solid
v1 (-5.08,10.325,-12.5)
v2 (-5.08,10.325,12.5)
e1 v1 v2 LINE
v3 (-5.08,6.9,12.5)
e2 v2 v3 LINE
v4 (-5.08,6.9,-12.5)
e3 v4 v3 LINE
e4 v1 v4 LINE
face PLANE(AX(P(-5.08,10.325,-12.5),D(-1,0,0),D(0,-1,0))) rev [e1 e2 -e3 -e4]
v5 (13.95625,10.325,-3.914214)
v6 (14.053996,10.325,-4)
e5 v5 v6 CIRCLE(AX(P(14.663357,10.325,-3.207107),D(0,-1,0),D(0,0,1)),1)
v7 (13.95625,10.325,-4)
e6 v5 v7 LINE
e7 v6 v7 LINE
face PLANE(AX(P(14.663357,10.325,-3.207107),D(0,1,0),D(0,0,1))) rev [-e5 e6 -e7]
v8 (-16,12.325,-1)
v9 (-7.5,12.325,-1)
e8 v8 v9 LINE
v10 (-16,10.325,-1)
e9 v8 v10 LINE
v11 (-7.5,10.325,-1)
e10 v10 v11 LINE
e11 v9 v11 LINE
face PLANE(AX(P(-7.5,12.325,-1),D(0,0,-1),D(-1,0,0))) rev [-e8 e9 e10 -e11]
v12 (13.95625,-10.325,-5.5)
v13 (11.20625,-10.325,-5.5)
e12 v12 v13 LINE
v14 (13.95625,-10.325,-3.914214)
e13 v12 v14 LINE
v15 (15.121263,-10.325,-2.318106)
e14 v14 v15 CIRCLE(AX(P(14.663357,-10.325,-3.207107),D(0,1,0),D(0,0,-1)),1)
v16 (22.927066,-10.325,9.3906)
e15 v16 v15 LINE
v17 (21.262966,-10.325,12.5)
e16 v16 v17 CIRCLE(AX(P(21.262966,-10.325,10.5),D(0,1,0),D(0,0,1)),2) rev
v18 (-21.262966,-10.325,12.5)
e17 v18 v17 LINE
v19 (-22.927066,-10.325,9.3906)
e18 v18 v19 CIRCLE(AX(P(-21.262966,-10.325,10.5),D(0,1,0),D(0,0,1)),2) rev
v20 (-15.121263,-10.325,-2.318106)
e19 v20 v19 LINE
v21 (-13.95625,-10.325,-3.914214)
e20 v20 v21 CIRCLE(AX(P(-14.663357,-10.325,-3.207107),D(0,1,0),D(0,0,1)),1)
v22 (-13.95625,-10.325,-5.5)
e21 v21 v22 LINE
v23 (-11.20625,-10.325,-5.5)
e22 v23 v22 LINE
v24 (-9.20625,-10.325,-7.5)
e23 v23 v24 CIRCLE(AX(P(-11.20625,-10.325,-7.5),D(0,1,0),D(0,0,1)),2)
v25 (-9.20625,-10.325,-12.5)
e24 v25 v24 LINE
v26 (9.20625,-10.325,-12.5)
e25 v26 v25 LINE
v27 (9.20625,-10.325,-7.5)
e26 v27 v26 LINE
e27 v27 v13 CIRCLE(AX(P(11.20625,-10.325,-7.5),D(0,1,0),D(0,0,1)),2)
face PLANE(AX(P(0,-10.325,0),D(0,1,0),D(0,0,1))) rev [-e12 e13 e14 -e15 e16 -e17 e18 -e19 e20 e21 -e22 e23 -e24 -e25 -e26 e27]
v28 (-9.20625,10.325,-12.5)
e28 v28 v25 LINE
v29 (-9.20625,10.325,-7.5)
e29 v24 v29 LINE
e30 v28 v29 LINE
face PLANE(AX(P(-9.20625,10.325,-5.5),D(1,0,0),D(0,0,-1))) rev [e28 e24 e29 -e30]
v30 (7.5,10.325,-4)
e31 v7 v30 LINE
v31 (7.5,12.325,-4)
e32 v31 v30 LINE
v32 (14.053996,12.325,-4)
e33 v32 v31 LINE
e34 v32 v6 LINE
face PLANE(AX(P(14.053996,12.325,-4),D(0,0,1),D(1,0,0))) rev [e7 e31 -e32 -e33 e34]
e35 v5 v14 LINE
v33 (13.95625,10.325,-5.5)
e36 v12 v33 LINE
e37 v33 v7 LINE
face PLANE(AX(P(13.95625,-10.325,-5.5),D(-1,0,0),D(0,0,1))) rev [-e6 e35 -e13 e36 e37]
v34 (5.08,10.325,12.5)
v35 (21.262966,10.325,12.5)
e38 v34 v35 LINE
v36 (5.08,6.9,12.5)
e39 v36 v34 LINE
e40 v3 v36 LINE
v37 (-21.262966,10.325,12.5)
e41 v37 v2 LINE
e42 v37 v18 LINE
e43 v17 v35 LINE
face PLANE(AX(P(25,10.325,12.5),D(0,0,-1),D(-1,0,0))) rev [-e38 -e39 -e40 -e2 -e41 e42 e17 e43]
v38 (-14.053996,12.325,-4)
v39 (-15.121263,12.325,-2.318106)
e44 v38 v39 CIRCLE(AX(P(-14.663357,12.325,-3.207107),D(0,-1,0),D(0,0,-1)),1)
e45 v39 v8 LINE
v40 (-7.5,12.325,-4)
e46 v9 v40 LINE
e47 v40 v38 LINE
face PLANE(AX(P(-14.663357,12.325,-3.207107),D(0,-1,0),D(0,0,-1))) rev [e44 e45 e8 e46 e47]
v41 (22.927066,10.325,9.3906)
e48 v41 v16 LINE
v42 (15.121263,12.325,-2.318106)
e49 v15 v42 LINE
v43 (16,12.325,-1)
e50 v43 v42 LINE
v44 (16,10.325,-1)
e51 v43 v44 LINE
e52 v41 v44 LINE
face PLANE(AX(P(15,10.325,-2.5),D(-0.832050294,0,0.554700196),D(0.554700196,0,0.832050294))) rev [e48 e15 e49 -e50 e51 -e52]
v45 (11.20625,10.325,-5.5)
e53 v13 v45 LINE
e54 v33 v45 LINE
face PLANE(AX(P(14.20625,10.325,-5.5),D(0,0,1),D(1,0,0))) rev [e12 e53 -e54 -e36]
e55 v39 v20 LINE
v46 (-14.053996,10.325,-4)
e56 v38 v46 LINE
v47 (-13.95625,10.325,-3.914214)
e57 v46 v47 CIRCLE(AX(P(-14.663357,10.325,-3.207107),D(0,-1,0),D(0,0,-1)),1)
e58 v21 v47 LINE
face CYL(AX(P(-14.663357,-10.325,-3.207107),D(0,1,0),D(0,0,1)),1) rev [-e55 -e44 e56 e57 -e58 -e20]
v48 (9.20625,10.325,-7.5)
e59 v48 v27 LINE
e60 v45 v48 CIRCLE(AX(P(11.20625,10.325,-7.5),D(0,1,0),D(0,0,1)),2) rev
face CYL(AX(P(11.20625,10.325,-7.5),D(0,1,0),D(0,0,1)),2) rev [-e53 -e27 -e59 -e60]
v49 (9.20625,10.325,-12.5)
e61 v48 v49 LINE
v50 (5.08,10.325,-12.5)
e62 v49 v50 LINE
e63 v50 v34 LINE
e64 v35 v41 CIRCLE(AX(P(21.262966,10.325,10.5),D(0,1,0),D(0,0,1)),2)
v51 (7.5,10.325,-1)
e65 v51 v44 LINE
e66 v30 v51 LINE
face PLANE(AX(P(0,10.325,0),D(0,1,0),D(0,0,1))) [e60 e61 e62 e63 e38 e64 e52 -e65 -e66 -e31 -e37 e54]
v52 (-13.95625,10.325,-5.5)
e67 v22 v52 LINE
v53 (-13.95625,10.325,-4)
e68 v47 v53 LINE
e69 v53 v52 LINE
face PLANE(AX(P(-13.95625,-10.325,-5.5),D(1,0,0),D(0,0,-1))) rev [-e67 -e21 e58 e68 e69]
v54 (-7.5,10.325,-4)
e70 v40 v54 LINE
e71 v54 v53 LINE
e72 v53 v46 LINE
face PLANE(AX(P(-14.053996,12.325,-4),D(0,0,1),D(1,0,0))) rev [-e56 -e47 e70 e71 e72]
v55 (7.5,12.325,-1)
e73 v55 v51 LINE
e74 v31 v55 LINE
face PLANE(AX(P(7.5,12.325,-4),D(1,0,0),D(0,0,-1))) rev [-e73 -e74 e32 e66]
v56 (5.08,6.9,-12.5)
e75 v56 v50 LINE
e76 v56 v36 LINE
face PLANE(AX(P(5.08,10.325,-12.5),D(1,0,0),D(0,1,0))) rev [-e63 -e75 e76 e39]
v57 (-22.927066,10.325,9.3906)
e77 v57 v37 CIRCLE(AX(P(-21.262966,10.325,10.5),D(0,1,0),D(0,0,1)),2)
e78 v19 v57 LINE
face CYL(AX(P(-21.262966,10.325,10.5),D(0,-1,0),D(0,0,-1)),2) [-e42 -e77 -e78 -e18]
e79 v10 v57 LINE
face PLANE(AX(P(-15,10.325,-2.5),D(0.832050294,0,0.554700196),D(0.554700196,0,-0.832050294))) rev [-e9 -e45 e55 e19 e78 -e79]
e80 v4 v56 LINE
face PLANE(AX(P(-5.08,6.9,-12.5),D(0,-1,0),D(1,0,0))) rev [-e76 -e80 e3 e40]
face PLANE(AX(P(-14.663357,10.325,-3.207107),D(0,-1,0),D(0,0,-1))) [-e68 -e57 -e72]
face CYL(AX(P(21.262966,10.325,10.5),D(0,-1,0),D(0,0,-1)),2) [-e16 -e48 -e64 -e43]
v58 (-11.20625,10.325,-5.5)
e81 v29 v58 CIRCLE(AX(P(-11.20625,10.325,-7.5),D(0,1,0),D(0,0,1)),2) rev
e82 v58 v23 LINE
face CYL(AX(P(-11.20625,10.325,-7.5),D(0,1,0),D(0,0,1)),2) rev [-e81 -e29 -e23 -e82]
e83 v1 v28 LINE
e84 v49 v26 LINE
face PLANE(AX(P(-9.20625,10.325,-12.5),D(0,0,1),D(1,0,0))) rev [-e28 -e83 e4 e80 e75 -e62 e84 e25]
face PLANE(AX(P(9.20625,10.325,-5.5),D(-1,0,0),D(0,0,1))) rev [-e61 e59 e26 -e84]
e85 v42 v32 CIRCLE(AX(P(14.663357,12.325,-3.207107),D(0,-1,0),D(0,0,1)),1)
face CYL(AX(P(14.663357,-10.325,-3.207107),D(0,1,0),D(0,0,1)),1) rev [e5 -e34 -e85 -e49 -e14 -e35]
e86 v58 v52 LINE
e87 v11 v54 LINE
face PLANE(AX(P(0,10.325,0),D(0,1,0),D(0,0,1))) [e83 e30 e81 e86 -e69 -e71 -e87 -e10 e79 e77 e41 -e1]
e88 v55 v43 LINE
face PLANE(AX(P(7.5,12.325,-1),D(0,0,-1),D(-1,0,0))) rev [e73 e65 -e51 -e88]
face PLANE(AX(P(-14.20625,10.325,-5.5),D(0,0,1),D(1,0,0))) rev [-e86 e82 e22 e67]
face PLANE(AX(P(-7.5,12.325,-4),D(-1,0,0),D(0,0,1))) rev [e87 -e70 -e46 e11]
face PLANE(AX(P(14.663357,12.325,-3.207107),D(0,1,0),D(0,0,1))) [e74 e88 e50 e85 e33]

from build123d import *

# Parameters (mm, degrees)
BOSS_EXTRUDE1_DEPTH     = 10.325
CUT_EXTRUDE4_DEPTH      = 35.751582698
CUT_EXTRUDE4_DEPTH_BACK = 35.751582698
SKETCH4_W               = 0.25
SKETCH4_H               = 3
CUT_EXTRUDE5_DEPTH      = 35.751582698
CUT_EXTRUDE5_DEPTH_BACK = 35.751582698
SKETCH5_R               = 1
FILLET5_R               = 2
BOSS_EXTRUDE2_START     = 2
BOSS_EXTRUDE2_DEPTH     = 2
SKETCH7_W               = 10.16
SKETCH7_H               = 3.425
CUT_EXTRUDE6_DEPTH      = 37.305250358


with BuildPart() as part:
    # Sketch1 → Boss-Extrude1 (new, symmetric)
    with BuildSketch(Plane(origin=(0, 0, 0), x_dir=(1, 0, 0), z_dir=(0, 1, 0))):
        Polygon((-15, -12.5), (15, -12.5), (25, -12.5), (15, 2.5), (14.20625, 2.5), (14.20625, 5.5), (9.20625, 5.5), (9.20625, 12.5), (-9.20625, 12.5), (-9.20625, 5.5), (-14.20625, 5.5), (-14.20625, 2.5), (-15, 2.5), (-25, -12.5), align=None)
    extrude(amount=BOSS_EXTRUDE1_DEPTH, both=True)

    # Sketch4 → Cut-Extrude4 (cut, two sides: drawn at the far end of the back side and taken through both)
    with BuildSketch(Plane(origin=(0, 10.325, 0), x_dir=(1, 0, 0), z_dir=(0, 1, 0)).offset(-CUT_EXTRUDE4_DEPTH_BACK)):
        with Locations((14.08125, 4)):
            Rectangle(SKETCH4_W, SKETCH4_H)
        with Locations((-14.08125, 4)):
            Rectangle(SKETCH4_W, SKETCH4_H)
    extrude(amount=CUT_EXTRUDE4_DEPTH + CUT_EXTRUDE4_DEPTH_BACK, mode=Mode.SUBTRACT)

    # Sketch5 → Cut-Extrude5 (cut, two sides: drawn at the far end of the back side and taken through both)
    with BuildSketch(Plane(origin=(0, 10.325, 0), x_dir=(1, 0, 0), z_dir=(0, 1, 0)).offset(-CUT_EXTRUDE5_DEPTH_BACK)):
        with Locations((-14.663356781, 3.207106781)):
            Circle(SKETCH5_R)
        with Locations((14.663356781, 3.207106781)):
            Circle(SKETCH5_R)
    extrude(amount=CUT_EXTRUDE5_DEPTH + CUT_EXTRUDE5_DEPTH_BACK, mode=Mode.SUBTRACT)

    # Fillet5
    fillet5_edges = [part.edges().sort_by_distance(p)[0] for p in [
        (-25, 0, 12.5),
        (-9.20625, 0, -5.5),
        (9.20625, 0, -5.5),
        (25, 0, 12.5),
    ]]
    fillet(fillet5_edges, radius=FILLET5_R)

    # Sketch6 → Boss-Extrude2 (add)
    with BuildSketch(Plane(origin=(0, 10.325, 0), x_dir=(1, 0, 0), z_dir=(0, 1, 0)).offset(BOSS_EXTRUDE2_START)):
        with BuildLine():
            Line((-14.053996179, 4), (-7.5, 4))
            Line((-7.5, 4), (-7.5, 1))
            Line((-7.5, 1), (-16, 1))
            Line((-16, 1), (-15.121262614, 2.318106079))
            ThreePointArc((-15.121262614, 2.318106079), (-13.819007075, 2.671314309), (-14.053996179, 4))
        make_face()
        with BuildLine():
            Line((16, 1), (15.121262614, 2.318106079))
            ThreePointArc((15.121262614, 2.318106079), (13.819007075, 2.671314309), (14.053996179, 4))
            Line((14.053996179, 4), (7.5, 4))
            Line((7.5, 4), (7.5, 1))
            Line((7.5, 1), (16, 1))
        make_face()
    extrude(amount=-BOSS_EXTRUDE2_DEPTH)

    # Sketch7 → Cut-Extrude6 (cut, through all)
    with BuildSketch(Plane.XY.offset(12.5)):
        with Locations((0, 8.6125)):
            Rectangle(SKETCH7_W, SKETCH7_H)
    extrude(amount=-CUT_EXTRUDE6_DEPTH, mode=Mode.SUBTRACT)


solid = part.part
